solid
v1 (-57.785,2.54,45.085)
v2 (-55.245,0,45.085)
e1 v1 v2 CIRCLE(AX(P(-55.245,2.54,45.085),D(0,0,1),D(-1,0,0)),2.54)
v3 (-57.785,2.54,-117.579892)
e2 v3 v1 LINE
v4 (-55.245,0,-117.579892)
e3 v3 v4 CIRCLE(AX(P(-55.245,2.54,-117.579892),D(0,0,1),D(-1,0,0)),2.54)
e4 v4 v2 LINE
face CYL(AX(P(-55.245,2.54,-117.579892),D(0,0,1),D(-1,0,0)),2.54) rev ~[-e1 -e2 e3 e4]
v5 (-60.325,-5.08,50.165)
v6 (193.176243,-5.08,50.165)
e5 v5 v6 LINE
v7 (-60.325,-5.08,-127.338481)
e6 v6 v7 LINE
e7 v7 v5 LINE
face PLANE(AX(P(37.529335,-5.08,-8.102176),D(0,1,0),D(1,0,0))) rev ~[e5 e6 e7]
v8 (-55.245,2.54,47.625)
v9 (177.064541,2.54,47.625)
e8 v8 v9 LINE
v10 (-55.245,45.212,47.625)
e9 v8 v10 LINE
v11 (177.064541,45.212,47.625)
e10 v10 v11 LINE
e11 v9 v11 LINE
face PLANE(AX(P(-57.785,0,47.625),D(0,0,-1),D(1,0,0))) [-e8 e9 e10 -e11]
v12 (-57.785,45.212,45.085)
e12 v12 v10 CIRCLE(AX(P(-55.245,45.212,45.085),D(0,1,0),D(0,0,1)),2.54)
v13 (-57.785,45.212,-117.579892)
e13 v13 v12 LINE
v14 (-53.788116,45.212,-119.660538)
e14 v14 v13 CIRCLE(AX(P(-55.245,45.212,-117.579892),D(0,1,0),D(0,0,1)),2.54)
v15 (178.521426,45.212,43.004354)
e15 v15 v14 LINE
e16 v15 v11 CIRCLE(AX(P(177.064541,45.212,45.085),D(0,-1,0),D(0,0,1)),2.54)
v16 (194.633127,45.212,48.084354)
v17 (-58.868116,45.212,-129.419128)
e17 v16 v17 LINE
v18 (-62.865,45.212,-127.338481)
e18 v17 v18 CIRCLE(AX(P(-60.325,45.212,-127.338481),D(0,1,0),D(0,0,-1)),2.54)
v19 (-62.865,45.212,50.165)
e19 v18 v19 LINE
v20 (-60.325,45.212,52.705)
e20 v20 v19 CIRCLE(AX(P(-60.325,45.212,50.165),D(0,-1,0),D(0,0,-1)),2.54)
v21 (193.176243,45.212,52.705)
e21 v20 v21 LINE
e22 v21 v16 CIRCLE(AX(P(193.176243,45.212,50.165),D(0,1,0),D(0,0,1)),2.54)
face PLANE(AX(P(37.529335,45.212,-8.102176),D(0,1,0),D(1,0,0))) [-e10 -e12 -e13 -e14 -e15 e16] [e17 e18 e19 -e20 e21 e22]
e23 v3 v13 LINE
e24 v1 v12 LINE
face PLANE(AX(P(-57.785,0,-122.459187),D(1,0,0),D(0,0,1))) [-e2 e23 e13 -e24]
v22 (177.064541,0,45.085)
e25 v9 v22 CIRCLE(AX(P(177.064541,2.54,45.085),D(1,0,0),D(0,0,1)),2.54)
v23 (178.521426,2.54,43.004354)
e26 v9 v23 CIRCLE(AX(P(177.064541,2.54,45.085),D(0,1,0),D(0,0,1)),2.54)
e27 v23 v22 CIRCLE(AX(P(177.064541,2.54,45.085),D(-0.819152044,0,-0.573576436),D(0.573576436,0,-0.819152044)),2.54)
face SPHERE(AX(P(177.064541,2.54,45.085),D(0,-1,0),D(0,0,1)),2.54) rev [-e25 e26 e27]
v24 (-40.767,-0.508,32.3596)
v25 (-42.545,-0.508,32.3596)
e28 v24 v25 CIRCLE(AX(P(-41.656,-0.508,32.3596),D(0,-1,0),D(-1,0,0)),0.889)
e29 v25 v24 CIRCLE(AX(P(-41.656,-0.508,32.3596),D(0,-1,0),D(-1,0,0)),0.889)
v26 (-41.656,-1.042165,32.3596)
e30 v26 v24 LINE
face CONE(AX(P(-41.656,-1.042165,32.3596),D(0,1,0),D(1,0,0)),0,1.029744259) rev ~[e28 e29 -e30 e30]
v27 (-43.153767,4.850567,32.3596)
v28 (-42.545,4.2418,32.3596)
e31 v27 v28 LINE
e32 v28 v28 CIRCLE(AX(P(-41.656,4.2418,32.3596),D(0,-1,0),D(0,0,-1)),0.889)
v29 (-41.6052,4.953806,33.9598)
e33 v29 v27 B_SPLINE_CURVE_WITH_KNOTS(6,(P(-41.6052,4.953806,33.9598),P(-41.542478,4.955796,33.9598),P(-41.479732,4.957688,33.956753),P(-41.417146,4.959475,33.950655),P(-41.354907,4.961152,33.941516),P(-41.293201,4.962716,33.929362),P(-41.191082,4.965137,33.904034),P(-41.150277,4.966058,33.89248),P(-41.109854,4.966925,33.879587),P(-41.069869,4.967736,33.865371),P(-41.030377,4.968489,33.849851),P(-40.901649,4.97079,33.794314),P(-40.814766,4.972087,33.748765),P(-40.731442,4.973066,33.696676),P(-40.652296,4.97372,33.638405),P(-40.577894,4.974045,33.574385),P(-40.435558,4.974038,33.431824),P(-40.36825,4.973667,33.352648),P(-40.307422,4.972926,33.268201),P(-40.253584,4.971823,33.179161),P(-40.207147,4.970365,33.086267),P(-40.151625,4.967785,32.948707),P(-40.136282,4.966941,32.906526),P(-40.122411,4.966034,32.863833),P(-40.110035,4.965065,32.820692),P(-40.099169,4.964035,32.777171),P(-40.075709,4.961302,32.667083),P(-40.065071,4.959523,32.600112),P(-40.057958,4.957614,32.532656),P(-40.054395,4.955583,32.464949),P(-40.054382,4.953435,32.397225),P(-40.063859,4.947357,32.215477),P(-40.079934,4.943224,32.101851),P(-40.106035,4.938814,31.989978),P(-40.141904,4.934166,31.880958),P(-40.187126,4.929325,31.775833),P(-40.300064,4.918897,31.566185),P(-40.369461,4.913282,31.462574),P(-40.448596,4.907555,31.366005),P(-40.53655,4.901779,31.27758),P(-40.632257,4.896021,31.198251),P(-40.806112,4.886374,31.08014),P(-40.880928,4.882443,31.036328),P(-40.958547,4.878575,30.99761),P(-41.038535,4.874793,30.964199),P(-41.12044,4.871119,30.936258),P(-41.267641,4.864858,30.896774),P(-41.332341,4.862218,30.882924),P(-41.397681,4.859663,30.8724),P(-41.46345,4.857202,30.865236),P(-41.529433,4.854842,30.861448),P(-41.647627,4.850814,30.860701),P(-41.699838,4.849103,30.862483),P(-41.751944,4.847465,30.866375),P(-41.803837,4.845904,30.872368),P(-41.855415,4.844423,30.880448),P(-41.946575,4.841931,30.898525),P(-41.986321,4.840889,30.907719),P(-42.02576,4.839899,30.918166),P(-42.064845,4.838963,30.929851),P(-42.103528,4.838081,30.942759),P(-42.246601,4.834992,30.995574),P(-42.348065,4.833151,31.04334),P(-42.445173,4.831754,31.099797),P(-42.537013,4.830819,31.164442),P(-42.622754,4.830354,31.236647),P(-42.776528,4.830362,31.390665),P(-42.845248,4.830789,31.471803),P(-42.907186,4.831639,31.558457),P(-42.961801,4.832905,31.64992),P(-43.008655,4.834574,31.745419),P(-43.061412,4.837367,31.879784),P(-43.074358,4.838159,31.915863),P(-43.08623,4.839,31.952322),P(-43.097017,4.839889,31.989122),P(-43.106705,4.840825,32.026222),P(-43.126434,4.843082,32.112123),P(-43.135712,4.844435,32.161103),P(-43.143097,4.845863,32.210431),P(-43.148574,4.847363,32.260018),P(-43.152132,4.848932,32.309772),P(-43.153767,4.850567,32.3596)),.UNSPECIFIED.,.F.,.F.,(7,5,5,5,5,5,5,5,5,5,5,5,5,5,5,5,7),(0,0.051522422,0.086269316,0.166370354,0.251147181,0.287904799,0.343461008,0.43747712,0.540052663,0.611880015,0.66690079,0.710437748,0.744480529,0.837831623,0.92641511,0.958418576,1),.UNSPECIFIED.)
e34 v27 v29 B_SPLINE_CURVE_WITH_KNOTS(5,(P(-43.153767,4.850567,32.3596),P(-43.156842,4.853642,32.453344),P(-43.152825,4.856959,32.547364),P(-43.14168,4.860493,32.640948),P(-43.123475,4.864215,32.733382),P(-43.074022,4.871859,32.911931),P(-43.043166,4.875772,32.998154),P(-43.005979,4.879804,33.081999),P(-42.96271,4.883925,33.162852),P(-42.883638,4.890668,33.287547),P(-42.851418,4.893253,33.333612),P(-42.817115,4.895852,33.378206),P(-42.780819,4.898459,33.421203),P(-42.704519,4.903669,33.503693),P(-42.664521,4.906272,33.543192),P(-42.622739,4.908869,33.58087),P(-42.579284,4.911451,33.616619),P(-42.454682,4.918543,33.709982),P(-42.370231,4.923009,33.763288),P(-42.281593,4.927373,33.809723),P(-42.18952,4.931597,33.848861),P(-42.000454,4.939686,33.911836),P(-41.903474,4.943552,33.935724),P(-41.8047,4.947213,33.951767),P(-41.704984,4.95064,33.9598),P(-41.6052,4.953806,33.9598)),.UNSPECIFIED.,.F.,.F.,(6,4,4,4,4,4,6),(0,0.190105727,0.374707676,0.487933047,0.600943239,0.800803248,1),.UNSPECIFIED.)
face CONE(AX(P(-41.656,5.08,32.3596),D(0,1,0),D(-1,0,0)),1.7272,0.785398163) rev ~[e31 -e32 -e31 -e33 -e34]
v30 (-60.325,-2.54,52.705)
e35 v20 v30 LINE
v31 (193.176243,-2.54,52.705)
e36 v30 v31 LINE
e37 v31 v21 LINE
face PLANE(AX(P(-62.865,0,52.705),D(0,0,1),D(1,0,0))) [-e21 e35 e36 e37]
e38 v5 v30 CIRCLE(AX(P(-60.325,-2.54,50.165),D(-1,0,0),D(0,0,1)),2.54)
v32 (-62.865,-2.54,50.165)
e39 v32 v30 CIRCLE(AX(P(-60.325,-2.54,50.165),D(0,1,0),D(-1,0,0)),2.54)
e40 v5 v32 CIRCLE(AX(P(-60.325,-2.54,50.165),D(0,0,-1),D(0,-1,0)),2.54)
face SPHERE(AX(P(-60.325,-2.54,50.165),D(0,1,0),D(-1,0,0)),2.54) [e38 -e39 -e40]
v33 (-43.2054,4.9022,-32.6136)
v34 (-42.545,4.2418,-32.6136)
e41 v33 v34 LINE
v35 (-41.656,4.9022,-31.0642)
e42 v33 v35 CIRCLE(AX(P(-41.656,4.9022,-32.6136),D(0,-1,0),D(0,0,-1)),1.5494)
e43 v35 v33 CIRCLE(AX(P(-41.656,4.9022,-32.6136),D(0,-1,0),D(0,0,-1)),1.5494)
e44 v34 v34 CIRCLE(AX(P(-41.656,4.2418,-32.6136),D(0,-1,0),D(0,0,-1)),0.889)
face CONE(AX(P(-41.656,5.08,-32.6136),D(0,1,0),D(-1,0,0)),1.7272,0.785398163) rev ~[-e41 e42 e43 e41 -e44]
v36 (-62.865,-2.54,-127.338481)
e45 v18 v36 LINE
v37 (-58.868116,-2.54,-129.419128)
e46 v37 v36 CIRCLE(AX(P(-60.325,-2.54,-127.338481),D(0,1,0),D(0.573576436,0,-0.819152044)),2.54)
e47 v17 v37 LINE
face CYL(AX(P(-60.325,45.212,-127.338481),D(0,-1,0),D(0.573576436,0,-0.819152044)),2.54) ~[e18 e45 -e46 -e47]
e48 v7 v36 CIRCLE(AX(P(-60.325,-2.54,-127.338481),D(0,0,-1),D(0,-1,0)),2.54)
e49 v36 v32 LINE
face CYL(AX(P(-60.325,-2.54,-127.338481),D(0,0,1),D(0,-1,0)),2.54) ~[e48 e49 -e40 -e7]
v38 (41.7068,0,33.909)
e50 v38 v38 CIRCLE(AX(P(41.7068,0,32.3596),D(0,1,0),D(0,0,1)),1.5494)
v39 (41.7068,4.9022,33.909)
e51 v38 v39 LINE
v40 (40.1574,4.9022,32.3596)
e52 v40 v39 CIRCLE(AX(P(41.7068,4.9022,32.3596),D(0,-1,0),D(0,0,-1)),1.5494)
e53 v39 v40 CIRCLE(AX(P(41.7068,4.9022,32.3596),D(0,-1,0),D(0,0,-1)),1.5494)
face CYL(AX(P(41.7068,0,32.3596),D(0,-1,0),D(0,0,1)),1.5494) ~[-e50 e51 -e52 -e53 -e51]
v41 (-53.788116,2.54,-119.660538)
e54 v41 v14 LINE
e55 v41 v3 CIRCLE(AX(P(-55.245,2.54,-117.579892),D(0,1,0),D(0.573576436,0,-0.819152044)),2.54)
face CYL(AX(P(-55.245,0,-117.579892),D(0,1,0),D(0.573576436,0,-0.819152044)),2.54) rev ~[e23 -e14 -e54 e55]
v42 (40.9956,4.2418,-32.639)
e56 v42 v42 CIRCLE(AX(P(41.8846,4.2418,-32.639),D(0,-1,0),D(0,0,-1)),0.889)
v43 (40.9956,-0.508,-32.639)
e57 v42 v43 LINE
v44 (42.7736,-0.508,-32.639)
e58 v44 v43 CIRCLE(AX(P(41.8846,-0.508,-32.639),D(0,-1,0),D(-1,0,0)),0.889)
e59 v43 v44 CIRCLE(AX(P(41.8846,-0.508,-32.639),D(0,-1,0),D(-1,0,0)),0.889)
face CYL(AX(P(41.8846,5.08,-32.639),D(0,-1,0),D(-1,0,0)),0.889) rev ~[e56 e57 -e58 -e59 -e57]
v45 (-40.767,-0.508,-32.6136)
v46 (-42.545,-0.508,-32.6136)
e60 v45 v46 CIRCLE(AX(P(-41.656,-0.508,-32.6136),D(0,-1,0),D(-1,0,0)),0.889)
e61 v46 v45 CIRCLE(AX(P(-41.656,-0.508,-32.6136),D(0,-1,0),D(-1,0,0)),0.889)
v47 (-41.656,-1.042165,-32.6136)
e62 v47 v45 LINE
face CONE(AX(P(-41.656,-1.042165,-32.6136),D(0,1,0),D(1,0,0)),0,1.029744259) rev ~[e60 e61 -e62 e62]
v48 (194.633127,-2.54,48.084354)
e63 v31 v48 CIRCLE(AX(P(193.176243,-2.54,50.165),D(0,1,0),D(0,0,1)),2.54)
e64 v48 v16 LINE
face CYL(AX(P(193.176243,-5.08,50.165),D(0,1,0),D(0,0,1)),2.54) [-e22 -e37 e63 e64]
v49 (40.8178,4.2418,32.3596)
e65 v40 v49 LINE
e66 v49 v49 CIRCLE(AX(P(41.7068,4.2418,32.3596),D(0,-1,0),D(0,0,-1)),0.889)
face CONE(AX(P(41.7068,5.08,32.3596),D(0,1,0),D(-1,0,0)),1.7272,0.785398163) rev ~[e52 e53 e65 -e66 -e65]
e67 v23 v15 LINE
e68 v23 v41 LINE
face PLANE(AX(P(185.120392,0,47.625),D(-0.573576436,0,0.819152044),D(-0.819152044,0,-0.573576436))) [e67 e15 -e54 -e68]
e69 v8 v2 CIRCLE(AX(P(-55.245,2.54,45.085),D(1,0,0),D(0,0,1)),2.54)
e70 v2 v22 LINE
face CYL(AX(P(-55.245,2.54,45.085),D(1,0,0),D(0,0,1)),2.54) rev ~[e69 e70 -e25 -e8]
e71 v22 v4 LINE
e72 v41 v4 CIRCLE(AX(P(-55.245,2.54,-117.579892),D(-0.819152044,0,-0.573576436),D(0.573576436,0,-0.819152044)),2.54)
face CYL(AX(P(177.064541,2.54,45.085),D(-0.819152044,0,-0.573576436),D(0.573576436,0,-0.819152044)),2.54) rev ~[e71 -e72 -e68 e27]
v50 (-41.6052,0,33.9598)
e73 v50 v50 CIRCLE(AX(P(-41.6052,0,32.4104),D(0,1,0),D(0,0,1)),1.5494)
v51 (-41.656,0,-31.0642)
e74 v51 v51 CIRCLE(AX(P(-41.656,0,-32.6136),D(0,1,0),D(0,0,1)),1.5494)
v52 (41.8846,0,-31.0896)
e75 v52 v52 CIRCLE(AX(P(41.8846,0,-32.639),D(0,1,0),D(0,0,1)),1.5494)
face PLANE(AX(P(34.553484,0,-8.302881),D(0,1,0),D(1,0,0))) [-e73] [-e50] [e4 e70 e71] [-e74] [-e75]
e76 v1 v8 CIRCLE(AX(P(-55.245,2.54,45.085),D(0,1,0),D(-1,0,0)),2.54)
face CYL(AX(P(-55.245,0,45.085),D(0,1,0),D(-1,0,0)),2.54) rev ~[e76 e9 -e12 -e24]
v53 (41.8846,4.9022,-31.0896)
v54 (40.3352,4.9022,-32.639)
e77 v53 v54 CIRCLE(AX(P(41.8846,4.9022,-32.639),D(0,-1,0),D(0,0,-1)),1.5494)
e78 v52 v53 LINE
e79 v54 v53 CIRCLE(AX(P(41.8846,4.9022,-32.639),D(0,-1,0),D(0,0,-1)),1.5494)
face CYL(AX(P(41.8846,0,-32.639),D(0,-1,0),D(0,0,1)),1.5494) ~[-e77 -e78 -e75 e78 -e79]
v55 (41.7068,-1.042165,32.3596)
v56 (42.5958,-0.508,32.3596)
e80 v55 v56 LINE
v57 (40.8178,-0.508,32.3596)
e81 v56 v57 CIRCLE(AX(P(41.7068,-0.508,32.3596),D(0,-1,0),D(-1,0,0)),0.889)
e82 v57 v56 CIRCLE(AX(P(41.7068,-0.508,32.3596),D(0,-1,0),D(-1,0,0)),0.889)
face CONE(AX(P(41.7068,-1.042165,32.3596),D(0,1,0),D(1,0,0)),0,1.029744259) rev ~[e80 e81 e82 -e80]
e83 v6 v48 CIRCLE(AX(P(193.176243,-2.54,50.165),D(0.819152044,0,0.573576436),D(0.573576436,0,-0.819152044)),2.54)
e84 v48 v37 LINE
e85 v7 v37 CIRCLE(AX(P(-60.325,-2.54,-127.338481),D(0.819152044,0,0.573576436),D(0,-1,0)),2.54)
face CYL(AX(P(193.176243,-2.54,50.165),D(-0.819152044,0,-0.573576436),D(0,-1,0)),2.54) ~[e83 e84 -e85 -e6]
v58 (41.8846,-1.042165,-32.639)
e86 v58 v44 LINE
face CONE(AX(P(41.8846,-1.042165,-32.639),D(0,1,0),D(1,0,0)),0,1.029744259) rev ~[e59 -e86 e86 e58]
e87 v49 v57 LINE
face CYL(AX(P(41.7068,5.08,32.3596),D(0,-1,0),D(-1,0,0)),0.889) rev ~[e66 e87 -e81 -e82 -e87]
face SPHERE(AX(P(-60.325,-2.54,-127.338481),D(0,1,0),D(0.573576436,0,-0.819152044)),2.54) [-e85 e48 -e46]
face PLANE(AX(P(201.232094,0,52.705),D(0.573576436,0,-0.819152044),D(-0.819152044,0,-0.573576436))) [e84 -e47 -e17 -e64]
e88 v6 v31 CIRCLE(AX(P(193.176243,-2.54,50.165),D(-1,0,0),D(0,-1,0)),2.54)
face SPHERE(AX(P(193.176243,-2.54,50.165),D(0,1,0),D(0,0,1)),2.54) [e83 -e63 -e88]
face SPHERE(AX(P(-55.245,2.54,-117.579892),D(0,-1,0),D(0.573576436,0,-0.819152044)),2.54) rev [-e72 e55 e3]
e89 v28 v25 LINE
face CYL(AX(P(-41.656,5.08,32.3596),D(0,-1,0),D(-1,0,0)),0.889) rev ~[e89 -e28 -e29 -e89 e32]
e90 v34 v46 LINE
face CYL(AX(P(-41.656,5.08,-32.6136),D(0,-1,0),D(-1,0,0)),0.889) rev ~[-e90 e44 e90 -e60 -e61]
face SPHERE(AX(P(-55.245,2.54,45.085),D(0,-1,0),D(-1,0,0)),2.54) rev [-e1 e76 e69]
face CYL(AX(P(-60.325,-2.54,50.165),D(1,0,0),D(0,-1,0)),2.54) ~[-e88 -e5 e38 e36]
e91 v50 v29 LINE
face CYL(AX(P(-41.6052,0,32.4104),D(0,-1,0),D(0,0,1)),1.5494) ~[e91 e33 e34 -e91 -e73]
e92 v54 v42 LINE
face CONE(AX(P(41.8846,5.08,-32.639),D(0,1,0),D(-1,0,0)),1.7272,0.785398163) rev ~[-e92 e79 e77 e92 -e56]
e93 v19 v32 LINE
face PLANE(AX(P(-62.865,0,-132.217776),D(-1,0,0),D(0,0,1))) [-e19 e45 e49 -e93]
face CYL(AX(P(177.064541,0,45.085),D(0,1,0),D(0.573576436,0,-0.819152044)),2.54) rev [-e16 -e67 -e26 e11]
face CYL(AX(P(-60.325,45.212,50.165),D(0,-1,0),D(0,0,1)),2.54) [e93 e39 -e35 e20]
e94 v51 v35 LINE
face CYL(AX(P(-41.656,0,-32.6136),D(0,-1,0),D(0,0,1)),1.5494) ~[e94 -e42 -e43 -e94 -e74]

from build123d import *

# Parameters (mm, degrees)
BOSS_EXTRUDE1_DEPTH             = 45.212
BOSS_EXTRUDE2_DEPTH             = 5.08
SKETCH1_4_R                     = 1.5494
BOSS_EXTRUDE3_DEPTH             = 5.08
FILLET1_R                       = 2.54
F_2_56_TAPPED_HOLE1_D           = 1.778
F_2_56_TAPPED_HOLE1_DEPTH       = 5.588
F_2_56_TAPPED_HOLE1_CSINK_D     = 3.4544
F_2_56_TAPPED_HOLE1_CSINK_ANGLE = 90
F_2_56_TAPPED_HOLE1_TIP         = 0.53416509
FILLET3_R                       = 2.54
FILLET4_R                       = 2.54


with BuildPart() as part:
    # Sketch1 → Boss-Extrude1 (new body)
    with BuildSketch(Plane(origin=(0, 0, 0), x_dir=(1, 0, 0), z_dir=(0, 1, 0))):
        Polygon((201.232093857, -52.705), (-62.865, 132.217775938), (-62.865, -52.705), align=None)
        Polygon((-57.785, -47.625), (-57.785, 122.459186733), (185.120392261, -47.625), align=None, mode=Mode.SUBTRACT)
    extrude(amount=BOSS_EXTRUDE1_DEPTH)

    # Sketch1<3> → Boss-Extrude2 (add)
    with BuildSketch(Plane(origin=(0, 0, 0), x_dir=(1, 0, 0), z_dir=(0, 1, 0))):
        Polygon((201.232093857, -52.705), (-62.865, 132.217775938), (-62.865, -52.705), align=None)
    extrude(amount=-BOSS_EXTRUDE2_DEPTH)

    # Sketch1<4> → Boss-Extrude3 (add)
    with BuildSketch(Plane(origin=(0, 0, 0), x_dir=(1, 0, 0), z_dir=(0, 1, 0))):
        with Locations((-41.656, 32.6136)):
            Circle(SKETCH1_4_R)
        with Locations((41.8846, 32.639)):
            Circle(SKETCH1_4_R)
        with Locations((41.7068, -32.3596)):
            Circle(SKETCH1_4_R)
        with Locations((-41.6052, -32.4104)):
            Circle(SKETCH1_4_R)
    extrude(amount=BOSS_EXTRUDE3_DEPTH)

    # Fillet1
    fillet1_edges = [part.edges().sort_by_distance(p)[0] for p in [
        (-62.865, 20.066, -132.217775938),
        (201.232093857, 20.066, 52.705),
        (-62.865, 20.066, 52.705),
        (-57.785, 22.606, 47.625),
        (185.120392261, 22.606, 47.625),
        (-57.785, 22.606, -122.459186733),
    ]]
    fillet(fillet1_edges, radius=FILLET1_R)

    # #2-56 Tapped Hole1
    with Locations(Plane(origin=(0, 5.08, 0), x_dir=(1, 0, 0), z_dir=(0, 1, 0))):
        with Locations((41.8846, 32.639), (-41.656, 32.6136), (41.7068, -32.3596), (-41.656, -32.3596)):
            CounterSinkHole(F_2_56_TAPPED_HOLE1_D / 2, F_2_56_TAPPED_HOLE1_CSINK_D / 2, depth=F_2_56_TAPPED_HOLE1_DEPTH, counter_sink_angle=F_2_56_TAPPED_HOLE1_CSINK_ANGLE)
            with Locations((0, 0, -(F_2_56_TAPPED_HOLE1_DEPTH + F_2_56_TAPPED_HOLE1_TIP / 2))):  # 118° drill point
                Cone(0, F_2_56_TAPPED_HOLE1_D / 2, F_2_56_TAPPED_HOLE1_TIP, mode=Mode.SUBTRACT)

    # Fillet3
    fillet3_edges = [part.edges().sort_by_distance(p)[0] for p in [
        (-61.497841478, -5.08, -129.591488852),
        (195.598684114, -5.08, 50.928792731),
        (-62.121051224, -5.08, 51.961051224),
        (67.882505678, -5.08, -40.66738686),
        (66.425621529, -5.08, 52.705),
        (-62.865, -5.08, -38.586740668),
    ]]
    fillet(fillet3_edges, radius=FILLET3_R)

    # Fillet4
    fillet4_edges = [part.edges().sort_by_distance(p)[0] for p in [
        (179.486982518, 0, 45.848792731),
        (-57.041051224, 0, 46.881051224),
        (-56.417841478, 0, -119.832899647),
        (-57.785, 0, -36.247446065),
        (60.909770731, 0, 47.625),
        (62.36665488, 0, -38.328092258),
    ]]
    fillet(fillet4_edges, radius=FILLET4_R)


solid = part.part
